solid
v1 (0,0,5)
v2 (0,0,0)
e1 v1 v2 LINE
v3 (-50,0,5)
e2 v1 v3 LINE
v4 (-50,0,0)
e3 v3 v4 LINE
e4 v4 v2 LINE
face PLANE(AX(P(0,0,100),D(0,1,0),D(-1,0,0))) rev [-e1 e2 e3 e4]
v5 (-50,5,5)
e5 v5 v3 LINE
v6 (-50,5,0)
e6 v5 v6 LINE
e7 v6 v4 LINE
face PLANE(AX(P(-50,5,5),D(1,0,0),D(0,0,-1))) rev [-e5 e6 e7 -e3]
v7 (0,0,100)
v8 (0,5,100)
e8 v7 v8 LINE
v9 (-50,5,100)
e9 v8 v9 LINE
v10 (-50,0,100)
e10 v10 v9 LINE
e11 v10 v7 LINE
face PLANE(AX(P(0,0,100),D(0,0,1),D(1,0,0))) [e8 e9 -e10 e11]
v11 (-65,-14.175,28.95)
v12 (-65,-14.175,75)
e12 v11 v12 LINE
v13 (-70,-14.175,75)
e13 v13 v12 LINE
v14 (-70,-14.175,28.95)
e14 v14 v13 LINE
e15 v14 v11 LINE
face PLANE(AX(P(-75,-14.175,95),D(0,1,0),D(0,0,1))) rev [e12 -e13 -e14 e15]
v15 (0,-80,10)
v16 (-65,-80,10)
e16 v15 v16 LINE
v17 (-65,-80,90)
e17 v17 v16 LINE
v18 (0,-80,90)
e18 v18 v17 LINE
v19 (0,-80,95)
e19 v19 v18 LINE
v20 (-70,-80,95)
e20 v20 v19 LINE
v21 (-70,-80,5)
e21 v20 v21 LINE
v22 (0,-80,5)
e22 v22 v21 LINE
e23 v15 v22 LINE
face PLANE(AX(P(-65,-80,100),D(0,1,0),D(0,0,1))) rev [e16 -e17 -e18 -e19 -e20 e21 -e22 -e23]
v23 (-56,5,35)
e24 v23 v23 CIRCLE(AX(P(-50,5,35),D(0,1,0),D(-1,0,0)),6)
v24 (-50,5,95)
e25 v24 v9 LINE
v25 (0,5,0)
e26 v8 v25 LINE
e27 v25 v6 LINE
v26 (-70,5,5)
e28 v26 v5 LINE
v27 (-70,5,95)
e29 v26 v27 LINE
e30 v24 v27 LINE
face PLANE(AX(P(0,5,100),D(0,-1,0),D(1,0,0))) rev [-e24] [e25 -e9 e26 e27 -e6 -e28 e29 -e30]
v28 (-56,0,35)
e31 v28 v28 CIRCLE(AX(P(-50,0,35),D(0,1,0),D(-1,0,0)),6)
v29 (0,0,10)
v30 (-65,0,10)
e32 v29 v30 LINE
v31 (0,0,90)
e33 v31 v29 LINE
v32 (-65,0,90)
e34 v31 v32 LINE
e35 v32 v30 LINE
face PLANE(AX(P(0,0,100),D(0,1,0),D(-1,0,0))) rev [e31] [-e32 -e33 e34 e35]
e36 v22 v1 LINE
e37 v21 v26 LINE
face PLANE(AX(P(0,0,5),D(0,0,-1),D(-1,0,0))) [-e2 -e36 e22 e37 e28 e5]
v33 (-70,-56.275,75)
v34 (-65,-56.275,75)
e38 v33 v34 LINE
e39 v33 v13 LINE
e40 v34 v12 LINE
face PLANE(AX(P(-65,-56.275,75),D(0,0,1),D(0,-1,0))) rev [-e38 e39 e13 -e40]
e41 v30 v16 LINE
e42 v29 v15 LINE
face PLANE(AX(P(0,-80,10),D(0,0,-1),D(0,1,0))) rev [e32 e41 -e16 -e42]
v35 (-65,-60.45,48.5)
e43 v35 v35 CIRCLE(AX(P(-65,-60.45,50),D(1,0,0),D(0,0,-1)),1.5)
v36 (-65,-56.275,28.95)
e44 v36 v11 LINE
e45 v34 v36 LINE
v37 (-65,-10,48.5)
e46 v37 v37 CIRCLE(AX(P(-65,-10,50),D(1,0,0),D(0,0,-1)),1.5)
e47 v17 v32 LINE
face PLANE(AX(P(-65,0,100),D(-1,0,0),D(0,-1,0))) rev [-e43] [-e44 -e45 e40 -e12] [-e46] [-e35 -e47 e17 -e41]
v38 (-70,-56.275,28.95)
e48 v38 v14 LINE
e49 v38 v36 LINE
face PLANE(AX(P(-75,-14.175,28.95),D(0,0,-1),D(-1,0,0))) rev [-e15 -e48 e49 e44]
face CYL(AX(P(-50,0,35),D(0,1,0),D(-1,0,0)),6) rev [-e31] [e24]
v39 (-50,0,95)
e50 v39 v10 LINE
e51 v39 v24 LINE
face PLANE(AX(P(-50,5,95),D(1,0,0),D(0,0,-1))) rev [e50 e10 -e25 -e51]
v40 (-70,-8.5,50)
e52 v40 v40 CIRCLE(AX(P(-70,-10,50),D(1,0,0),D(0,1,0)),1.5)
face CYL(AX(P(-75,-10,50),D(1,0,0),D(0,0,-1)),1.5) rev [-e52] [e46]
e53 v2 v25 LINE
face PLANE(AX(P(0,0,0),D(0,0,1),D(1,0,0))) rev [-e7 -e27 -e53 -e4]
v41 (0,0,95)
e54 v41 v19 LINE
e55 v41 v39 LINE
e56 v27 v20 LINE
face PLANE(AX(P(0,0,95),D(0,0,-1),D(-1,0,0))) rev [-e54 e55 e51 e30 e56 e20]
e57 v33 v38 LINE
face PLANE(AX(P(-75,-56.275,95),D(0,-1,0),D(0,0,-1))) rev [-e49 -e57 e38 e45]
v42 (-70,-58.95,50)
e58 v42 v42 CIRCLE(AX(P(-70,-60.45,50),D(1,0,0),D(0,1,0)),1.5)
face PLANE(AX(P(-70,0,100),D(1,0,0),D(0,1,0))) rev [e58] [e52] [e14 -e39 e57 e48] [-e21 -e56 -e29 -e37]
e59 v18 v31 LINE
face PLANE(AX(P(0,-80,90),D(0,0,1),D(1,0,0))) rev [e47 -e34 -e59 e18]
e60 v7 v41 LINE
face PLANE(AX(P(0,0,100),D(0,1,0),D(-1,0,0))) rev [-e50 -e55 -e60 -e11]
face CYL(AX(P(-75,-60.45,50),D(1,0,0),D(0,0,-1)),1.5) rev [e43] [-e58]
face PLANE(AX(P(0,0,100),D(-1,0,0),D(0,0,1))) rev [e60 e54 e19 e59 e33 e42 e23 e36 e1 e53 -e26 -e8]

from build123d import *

# Parameters (mm, degrees)
BOSS_EXTRUDE1_DEPTH = 100
SKETCH2_W           = 5
SKETCH2_H           = 80
CUT_EXTRUDE2_DEPTH  = 5
SKETCH3_W           = 5
SKETCH3_H           = 80
CUT_EXTRUDE3_DEPTH  = 5
SKETCH4_W           = 15
SKETCH4_H           = 5
CUT_EXTRUDE4_DEPTH  = 5
SKETCH5_W           = 15
SKETCH5_H           = 5
CUT_EXTRUDE5_DEPTH  = 5
SKETCH6_R           = 1.5
CUT_EXTRUDE6_DEPTH  = 10
SKETCH7_W           = 66.05
SKETCH7_H           = 42.1
CUT_EXTRUDE7_DEPTH  = 10
SKETCH8_W           = 5
SKETCH8_H           = 20
BOSS_EXTRUDE2_DEPTH = 42.1
SKETCH10_R          = 6
CUT_EXTRUDE8_DEPTH  = 5
SKETCH11_W          = 5
SKETCH11_H          = 25
CUT_EXTRUDE9_DEPTH  = 100
SKETCH12_W          = 5
SKETCH12_H          = 5
CUT_EXTRUDE10_DEPTH = 5
SKETCH13_W          = 5
SKETCH13_H          = 5
CUT_EXTRUDE11_DEPTH = 5
SKETCH14_W          = 5
SKETCH14_H          = 80
BOSS_EXTRUDE3_DEPTH = 65


with BuildPart() as part:
    # Sketch1 → Boss-Extrude1 (new body)
    with BuildSketch(Plane.XY):
        Polygon((0, 0), (-65, 0), (-65, -80), (-70, -80), (-70, 0), (-70, 30), (-65, 30), (-65, 5), (0, 5), align=None)
    extrude(amount=BOSS_EXTRUDE1_DEPTH)

    # Sketch2 → Cut-Extrude2 (cut)
    with BuildSketch(Plane.XY.offset(100)):
        with Locations((-67.5, -40)):
            Rectangle(SKETCH2_W, SKETCH2_H)
    extrude(amount=-CUT_EXTRUDE2_DEPTH, mode=Mode.SUBTRACT)

    # Sketch3 → Cut-Extrude3 (cut)
    with BuildSketch(Plane(origin=(0, 0, 0), x_dir=(-1, 0, 0), z_dir=(0, 0, -1))):
        with Locations((67.5, -40)):
            Rectangle(SKETCH3_W, SKETCH3_H)
    extrude(amount=-CUT_EXTRUDE3_DEPTH, mode=Mode.SUBTRACT)

    # Sketch4 → Cut-Extrude4 (cut)
    with BuildSketch(Plane.XY.offset(100)):
        with Locations((-57.5, 2.5)):
            Rectangle(SKETCH4_W, SKETCH4_H)
    extrude(amount=-CUT_EXTRUDE4_DEPTH, mode=Mode.SUBTRACT)

    # Sketch5 → Cut-Extrude5 (cut)
    with BuildSketch(Plane(origin=(0, 0, 0), x_dir=(-1, 0, 0), z_dir=(0, 0, -1))):
        with Locations((57.5, 2.5)):
            Rectangle(SKETCH5_W, SKETCH5_H)
    extrude(amount=-CUT_EXTRUDE5_DEPTH, mode=Mode.SUBTRACT)

    # Sketch6 → Cut-Extrude6 (cut)
    with BuildSketch(Plane(origin=(-65, 0, 0), x_dir=(0, 0, -1), z_dir=(1, 0, 0))):
        with Locations((-50, -10)):
            Circle(SKETCH6_R)
        with Locations((-50, -60.45)):
            Circle(SKETCH6_R)
    extrude(amount=-CUT_EXTRUDE6_DEPTH, mode=Mode.SUBTRACT)

    # Sketch7 → Cut-Extrude7 (cut)
    with BuildSketch(Plane(origin=(-65, 0, 0), x_dir=(0, 0, -1), z_dir=(1, 0, 0))):
        with Locations((-61.975, -35.225)):
            Rectangle(SKETCH7_W, SKETCH7_H)
    extrude(amount=-CUT_EXTRUDE7_DEPTH, mode=Mode.SUBTRACT)

    # Sketch8 → Boss-Extrude2 (add)
    with BuildSketch(Plane.XZ.offset(14.175)):
        with Locations((-67.5, 85)):
            Rectangle(SKETCH8_W, SKETCH8_H)
    extrude(amount=BOSS_EXTRUDE2_DEPTH)

    # Sketch10 → Cut-Extrude8 (cut)
    with BuildSketch(Plane(origin=(0, 5, 0), x_dir=(1, 0, 0), z_dir=(0, 1, 0))):
        with Locations(Location((-50, -35, 0), (0, 0, 180))):
            Circle(SKETCH10_R)
    extrude(amount=-CUT_EXTRUDE8_DEPTH, mode=Mode.SUBTRACT)

    # Sketch11 → Cut-Extrude9 (cut)
    with BuildSketch(Plane.XY.offset(100)):
        with Locations((-67.5, 17.5)):
            Rectangle(SKETCH11_W, SKETCH11_H)
    extrude(amount=-CUT_EXTRUDE9_DEPTH, mode=Mode.SUBTRACT)

    # Sketch12 → Cut-Extrude10 (cut)
    with BuildSketch(Plane.XY.offset(100)):
        with Locations((-67.5, 2.5)):
            Rectangle(SKETCH12_W, SKETCH12_H)
    extrude(amount=-CUT_EXTRUDE10_DEPTH, mode=Mode.SUBTRACT)

    # Sketch13 → Cut-Extrude11 (cut)
    with BuildSketch(Plane(origin=(0, 0, 0), x_dir=(-1, 0, 0), z_dir=(0, 0, -1))):
        with Locations((67.5, 2.5)):
            Rectangle(SKETCH13_W, SKETCH13_H)
    extrude(amount=-CUT_EXTRUDE11_DEPTH, mode=Mode.SUBTRACT)

    # Sketch14 → Boss-Extrude3 (add)
    with BuildSketch(Plane(origin=(-65, 0, 0), x_dir=(0, 0, -1), z_dir=(1, 0, 0))):
        with Locations((-92.5, -40)):
            Rectangle(SKETCH14_W, SKETCH14_H)
        with Locations((-7.5, -40)):
            Rectangle(SKETCH14_W, SKETCH14_H)
    extrude(amount=BOSS_EXTRUDE3_DEPTH)


solid = part.part
